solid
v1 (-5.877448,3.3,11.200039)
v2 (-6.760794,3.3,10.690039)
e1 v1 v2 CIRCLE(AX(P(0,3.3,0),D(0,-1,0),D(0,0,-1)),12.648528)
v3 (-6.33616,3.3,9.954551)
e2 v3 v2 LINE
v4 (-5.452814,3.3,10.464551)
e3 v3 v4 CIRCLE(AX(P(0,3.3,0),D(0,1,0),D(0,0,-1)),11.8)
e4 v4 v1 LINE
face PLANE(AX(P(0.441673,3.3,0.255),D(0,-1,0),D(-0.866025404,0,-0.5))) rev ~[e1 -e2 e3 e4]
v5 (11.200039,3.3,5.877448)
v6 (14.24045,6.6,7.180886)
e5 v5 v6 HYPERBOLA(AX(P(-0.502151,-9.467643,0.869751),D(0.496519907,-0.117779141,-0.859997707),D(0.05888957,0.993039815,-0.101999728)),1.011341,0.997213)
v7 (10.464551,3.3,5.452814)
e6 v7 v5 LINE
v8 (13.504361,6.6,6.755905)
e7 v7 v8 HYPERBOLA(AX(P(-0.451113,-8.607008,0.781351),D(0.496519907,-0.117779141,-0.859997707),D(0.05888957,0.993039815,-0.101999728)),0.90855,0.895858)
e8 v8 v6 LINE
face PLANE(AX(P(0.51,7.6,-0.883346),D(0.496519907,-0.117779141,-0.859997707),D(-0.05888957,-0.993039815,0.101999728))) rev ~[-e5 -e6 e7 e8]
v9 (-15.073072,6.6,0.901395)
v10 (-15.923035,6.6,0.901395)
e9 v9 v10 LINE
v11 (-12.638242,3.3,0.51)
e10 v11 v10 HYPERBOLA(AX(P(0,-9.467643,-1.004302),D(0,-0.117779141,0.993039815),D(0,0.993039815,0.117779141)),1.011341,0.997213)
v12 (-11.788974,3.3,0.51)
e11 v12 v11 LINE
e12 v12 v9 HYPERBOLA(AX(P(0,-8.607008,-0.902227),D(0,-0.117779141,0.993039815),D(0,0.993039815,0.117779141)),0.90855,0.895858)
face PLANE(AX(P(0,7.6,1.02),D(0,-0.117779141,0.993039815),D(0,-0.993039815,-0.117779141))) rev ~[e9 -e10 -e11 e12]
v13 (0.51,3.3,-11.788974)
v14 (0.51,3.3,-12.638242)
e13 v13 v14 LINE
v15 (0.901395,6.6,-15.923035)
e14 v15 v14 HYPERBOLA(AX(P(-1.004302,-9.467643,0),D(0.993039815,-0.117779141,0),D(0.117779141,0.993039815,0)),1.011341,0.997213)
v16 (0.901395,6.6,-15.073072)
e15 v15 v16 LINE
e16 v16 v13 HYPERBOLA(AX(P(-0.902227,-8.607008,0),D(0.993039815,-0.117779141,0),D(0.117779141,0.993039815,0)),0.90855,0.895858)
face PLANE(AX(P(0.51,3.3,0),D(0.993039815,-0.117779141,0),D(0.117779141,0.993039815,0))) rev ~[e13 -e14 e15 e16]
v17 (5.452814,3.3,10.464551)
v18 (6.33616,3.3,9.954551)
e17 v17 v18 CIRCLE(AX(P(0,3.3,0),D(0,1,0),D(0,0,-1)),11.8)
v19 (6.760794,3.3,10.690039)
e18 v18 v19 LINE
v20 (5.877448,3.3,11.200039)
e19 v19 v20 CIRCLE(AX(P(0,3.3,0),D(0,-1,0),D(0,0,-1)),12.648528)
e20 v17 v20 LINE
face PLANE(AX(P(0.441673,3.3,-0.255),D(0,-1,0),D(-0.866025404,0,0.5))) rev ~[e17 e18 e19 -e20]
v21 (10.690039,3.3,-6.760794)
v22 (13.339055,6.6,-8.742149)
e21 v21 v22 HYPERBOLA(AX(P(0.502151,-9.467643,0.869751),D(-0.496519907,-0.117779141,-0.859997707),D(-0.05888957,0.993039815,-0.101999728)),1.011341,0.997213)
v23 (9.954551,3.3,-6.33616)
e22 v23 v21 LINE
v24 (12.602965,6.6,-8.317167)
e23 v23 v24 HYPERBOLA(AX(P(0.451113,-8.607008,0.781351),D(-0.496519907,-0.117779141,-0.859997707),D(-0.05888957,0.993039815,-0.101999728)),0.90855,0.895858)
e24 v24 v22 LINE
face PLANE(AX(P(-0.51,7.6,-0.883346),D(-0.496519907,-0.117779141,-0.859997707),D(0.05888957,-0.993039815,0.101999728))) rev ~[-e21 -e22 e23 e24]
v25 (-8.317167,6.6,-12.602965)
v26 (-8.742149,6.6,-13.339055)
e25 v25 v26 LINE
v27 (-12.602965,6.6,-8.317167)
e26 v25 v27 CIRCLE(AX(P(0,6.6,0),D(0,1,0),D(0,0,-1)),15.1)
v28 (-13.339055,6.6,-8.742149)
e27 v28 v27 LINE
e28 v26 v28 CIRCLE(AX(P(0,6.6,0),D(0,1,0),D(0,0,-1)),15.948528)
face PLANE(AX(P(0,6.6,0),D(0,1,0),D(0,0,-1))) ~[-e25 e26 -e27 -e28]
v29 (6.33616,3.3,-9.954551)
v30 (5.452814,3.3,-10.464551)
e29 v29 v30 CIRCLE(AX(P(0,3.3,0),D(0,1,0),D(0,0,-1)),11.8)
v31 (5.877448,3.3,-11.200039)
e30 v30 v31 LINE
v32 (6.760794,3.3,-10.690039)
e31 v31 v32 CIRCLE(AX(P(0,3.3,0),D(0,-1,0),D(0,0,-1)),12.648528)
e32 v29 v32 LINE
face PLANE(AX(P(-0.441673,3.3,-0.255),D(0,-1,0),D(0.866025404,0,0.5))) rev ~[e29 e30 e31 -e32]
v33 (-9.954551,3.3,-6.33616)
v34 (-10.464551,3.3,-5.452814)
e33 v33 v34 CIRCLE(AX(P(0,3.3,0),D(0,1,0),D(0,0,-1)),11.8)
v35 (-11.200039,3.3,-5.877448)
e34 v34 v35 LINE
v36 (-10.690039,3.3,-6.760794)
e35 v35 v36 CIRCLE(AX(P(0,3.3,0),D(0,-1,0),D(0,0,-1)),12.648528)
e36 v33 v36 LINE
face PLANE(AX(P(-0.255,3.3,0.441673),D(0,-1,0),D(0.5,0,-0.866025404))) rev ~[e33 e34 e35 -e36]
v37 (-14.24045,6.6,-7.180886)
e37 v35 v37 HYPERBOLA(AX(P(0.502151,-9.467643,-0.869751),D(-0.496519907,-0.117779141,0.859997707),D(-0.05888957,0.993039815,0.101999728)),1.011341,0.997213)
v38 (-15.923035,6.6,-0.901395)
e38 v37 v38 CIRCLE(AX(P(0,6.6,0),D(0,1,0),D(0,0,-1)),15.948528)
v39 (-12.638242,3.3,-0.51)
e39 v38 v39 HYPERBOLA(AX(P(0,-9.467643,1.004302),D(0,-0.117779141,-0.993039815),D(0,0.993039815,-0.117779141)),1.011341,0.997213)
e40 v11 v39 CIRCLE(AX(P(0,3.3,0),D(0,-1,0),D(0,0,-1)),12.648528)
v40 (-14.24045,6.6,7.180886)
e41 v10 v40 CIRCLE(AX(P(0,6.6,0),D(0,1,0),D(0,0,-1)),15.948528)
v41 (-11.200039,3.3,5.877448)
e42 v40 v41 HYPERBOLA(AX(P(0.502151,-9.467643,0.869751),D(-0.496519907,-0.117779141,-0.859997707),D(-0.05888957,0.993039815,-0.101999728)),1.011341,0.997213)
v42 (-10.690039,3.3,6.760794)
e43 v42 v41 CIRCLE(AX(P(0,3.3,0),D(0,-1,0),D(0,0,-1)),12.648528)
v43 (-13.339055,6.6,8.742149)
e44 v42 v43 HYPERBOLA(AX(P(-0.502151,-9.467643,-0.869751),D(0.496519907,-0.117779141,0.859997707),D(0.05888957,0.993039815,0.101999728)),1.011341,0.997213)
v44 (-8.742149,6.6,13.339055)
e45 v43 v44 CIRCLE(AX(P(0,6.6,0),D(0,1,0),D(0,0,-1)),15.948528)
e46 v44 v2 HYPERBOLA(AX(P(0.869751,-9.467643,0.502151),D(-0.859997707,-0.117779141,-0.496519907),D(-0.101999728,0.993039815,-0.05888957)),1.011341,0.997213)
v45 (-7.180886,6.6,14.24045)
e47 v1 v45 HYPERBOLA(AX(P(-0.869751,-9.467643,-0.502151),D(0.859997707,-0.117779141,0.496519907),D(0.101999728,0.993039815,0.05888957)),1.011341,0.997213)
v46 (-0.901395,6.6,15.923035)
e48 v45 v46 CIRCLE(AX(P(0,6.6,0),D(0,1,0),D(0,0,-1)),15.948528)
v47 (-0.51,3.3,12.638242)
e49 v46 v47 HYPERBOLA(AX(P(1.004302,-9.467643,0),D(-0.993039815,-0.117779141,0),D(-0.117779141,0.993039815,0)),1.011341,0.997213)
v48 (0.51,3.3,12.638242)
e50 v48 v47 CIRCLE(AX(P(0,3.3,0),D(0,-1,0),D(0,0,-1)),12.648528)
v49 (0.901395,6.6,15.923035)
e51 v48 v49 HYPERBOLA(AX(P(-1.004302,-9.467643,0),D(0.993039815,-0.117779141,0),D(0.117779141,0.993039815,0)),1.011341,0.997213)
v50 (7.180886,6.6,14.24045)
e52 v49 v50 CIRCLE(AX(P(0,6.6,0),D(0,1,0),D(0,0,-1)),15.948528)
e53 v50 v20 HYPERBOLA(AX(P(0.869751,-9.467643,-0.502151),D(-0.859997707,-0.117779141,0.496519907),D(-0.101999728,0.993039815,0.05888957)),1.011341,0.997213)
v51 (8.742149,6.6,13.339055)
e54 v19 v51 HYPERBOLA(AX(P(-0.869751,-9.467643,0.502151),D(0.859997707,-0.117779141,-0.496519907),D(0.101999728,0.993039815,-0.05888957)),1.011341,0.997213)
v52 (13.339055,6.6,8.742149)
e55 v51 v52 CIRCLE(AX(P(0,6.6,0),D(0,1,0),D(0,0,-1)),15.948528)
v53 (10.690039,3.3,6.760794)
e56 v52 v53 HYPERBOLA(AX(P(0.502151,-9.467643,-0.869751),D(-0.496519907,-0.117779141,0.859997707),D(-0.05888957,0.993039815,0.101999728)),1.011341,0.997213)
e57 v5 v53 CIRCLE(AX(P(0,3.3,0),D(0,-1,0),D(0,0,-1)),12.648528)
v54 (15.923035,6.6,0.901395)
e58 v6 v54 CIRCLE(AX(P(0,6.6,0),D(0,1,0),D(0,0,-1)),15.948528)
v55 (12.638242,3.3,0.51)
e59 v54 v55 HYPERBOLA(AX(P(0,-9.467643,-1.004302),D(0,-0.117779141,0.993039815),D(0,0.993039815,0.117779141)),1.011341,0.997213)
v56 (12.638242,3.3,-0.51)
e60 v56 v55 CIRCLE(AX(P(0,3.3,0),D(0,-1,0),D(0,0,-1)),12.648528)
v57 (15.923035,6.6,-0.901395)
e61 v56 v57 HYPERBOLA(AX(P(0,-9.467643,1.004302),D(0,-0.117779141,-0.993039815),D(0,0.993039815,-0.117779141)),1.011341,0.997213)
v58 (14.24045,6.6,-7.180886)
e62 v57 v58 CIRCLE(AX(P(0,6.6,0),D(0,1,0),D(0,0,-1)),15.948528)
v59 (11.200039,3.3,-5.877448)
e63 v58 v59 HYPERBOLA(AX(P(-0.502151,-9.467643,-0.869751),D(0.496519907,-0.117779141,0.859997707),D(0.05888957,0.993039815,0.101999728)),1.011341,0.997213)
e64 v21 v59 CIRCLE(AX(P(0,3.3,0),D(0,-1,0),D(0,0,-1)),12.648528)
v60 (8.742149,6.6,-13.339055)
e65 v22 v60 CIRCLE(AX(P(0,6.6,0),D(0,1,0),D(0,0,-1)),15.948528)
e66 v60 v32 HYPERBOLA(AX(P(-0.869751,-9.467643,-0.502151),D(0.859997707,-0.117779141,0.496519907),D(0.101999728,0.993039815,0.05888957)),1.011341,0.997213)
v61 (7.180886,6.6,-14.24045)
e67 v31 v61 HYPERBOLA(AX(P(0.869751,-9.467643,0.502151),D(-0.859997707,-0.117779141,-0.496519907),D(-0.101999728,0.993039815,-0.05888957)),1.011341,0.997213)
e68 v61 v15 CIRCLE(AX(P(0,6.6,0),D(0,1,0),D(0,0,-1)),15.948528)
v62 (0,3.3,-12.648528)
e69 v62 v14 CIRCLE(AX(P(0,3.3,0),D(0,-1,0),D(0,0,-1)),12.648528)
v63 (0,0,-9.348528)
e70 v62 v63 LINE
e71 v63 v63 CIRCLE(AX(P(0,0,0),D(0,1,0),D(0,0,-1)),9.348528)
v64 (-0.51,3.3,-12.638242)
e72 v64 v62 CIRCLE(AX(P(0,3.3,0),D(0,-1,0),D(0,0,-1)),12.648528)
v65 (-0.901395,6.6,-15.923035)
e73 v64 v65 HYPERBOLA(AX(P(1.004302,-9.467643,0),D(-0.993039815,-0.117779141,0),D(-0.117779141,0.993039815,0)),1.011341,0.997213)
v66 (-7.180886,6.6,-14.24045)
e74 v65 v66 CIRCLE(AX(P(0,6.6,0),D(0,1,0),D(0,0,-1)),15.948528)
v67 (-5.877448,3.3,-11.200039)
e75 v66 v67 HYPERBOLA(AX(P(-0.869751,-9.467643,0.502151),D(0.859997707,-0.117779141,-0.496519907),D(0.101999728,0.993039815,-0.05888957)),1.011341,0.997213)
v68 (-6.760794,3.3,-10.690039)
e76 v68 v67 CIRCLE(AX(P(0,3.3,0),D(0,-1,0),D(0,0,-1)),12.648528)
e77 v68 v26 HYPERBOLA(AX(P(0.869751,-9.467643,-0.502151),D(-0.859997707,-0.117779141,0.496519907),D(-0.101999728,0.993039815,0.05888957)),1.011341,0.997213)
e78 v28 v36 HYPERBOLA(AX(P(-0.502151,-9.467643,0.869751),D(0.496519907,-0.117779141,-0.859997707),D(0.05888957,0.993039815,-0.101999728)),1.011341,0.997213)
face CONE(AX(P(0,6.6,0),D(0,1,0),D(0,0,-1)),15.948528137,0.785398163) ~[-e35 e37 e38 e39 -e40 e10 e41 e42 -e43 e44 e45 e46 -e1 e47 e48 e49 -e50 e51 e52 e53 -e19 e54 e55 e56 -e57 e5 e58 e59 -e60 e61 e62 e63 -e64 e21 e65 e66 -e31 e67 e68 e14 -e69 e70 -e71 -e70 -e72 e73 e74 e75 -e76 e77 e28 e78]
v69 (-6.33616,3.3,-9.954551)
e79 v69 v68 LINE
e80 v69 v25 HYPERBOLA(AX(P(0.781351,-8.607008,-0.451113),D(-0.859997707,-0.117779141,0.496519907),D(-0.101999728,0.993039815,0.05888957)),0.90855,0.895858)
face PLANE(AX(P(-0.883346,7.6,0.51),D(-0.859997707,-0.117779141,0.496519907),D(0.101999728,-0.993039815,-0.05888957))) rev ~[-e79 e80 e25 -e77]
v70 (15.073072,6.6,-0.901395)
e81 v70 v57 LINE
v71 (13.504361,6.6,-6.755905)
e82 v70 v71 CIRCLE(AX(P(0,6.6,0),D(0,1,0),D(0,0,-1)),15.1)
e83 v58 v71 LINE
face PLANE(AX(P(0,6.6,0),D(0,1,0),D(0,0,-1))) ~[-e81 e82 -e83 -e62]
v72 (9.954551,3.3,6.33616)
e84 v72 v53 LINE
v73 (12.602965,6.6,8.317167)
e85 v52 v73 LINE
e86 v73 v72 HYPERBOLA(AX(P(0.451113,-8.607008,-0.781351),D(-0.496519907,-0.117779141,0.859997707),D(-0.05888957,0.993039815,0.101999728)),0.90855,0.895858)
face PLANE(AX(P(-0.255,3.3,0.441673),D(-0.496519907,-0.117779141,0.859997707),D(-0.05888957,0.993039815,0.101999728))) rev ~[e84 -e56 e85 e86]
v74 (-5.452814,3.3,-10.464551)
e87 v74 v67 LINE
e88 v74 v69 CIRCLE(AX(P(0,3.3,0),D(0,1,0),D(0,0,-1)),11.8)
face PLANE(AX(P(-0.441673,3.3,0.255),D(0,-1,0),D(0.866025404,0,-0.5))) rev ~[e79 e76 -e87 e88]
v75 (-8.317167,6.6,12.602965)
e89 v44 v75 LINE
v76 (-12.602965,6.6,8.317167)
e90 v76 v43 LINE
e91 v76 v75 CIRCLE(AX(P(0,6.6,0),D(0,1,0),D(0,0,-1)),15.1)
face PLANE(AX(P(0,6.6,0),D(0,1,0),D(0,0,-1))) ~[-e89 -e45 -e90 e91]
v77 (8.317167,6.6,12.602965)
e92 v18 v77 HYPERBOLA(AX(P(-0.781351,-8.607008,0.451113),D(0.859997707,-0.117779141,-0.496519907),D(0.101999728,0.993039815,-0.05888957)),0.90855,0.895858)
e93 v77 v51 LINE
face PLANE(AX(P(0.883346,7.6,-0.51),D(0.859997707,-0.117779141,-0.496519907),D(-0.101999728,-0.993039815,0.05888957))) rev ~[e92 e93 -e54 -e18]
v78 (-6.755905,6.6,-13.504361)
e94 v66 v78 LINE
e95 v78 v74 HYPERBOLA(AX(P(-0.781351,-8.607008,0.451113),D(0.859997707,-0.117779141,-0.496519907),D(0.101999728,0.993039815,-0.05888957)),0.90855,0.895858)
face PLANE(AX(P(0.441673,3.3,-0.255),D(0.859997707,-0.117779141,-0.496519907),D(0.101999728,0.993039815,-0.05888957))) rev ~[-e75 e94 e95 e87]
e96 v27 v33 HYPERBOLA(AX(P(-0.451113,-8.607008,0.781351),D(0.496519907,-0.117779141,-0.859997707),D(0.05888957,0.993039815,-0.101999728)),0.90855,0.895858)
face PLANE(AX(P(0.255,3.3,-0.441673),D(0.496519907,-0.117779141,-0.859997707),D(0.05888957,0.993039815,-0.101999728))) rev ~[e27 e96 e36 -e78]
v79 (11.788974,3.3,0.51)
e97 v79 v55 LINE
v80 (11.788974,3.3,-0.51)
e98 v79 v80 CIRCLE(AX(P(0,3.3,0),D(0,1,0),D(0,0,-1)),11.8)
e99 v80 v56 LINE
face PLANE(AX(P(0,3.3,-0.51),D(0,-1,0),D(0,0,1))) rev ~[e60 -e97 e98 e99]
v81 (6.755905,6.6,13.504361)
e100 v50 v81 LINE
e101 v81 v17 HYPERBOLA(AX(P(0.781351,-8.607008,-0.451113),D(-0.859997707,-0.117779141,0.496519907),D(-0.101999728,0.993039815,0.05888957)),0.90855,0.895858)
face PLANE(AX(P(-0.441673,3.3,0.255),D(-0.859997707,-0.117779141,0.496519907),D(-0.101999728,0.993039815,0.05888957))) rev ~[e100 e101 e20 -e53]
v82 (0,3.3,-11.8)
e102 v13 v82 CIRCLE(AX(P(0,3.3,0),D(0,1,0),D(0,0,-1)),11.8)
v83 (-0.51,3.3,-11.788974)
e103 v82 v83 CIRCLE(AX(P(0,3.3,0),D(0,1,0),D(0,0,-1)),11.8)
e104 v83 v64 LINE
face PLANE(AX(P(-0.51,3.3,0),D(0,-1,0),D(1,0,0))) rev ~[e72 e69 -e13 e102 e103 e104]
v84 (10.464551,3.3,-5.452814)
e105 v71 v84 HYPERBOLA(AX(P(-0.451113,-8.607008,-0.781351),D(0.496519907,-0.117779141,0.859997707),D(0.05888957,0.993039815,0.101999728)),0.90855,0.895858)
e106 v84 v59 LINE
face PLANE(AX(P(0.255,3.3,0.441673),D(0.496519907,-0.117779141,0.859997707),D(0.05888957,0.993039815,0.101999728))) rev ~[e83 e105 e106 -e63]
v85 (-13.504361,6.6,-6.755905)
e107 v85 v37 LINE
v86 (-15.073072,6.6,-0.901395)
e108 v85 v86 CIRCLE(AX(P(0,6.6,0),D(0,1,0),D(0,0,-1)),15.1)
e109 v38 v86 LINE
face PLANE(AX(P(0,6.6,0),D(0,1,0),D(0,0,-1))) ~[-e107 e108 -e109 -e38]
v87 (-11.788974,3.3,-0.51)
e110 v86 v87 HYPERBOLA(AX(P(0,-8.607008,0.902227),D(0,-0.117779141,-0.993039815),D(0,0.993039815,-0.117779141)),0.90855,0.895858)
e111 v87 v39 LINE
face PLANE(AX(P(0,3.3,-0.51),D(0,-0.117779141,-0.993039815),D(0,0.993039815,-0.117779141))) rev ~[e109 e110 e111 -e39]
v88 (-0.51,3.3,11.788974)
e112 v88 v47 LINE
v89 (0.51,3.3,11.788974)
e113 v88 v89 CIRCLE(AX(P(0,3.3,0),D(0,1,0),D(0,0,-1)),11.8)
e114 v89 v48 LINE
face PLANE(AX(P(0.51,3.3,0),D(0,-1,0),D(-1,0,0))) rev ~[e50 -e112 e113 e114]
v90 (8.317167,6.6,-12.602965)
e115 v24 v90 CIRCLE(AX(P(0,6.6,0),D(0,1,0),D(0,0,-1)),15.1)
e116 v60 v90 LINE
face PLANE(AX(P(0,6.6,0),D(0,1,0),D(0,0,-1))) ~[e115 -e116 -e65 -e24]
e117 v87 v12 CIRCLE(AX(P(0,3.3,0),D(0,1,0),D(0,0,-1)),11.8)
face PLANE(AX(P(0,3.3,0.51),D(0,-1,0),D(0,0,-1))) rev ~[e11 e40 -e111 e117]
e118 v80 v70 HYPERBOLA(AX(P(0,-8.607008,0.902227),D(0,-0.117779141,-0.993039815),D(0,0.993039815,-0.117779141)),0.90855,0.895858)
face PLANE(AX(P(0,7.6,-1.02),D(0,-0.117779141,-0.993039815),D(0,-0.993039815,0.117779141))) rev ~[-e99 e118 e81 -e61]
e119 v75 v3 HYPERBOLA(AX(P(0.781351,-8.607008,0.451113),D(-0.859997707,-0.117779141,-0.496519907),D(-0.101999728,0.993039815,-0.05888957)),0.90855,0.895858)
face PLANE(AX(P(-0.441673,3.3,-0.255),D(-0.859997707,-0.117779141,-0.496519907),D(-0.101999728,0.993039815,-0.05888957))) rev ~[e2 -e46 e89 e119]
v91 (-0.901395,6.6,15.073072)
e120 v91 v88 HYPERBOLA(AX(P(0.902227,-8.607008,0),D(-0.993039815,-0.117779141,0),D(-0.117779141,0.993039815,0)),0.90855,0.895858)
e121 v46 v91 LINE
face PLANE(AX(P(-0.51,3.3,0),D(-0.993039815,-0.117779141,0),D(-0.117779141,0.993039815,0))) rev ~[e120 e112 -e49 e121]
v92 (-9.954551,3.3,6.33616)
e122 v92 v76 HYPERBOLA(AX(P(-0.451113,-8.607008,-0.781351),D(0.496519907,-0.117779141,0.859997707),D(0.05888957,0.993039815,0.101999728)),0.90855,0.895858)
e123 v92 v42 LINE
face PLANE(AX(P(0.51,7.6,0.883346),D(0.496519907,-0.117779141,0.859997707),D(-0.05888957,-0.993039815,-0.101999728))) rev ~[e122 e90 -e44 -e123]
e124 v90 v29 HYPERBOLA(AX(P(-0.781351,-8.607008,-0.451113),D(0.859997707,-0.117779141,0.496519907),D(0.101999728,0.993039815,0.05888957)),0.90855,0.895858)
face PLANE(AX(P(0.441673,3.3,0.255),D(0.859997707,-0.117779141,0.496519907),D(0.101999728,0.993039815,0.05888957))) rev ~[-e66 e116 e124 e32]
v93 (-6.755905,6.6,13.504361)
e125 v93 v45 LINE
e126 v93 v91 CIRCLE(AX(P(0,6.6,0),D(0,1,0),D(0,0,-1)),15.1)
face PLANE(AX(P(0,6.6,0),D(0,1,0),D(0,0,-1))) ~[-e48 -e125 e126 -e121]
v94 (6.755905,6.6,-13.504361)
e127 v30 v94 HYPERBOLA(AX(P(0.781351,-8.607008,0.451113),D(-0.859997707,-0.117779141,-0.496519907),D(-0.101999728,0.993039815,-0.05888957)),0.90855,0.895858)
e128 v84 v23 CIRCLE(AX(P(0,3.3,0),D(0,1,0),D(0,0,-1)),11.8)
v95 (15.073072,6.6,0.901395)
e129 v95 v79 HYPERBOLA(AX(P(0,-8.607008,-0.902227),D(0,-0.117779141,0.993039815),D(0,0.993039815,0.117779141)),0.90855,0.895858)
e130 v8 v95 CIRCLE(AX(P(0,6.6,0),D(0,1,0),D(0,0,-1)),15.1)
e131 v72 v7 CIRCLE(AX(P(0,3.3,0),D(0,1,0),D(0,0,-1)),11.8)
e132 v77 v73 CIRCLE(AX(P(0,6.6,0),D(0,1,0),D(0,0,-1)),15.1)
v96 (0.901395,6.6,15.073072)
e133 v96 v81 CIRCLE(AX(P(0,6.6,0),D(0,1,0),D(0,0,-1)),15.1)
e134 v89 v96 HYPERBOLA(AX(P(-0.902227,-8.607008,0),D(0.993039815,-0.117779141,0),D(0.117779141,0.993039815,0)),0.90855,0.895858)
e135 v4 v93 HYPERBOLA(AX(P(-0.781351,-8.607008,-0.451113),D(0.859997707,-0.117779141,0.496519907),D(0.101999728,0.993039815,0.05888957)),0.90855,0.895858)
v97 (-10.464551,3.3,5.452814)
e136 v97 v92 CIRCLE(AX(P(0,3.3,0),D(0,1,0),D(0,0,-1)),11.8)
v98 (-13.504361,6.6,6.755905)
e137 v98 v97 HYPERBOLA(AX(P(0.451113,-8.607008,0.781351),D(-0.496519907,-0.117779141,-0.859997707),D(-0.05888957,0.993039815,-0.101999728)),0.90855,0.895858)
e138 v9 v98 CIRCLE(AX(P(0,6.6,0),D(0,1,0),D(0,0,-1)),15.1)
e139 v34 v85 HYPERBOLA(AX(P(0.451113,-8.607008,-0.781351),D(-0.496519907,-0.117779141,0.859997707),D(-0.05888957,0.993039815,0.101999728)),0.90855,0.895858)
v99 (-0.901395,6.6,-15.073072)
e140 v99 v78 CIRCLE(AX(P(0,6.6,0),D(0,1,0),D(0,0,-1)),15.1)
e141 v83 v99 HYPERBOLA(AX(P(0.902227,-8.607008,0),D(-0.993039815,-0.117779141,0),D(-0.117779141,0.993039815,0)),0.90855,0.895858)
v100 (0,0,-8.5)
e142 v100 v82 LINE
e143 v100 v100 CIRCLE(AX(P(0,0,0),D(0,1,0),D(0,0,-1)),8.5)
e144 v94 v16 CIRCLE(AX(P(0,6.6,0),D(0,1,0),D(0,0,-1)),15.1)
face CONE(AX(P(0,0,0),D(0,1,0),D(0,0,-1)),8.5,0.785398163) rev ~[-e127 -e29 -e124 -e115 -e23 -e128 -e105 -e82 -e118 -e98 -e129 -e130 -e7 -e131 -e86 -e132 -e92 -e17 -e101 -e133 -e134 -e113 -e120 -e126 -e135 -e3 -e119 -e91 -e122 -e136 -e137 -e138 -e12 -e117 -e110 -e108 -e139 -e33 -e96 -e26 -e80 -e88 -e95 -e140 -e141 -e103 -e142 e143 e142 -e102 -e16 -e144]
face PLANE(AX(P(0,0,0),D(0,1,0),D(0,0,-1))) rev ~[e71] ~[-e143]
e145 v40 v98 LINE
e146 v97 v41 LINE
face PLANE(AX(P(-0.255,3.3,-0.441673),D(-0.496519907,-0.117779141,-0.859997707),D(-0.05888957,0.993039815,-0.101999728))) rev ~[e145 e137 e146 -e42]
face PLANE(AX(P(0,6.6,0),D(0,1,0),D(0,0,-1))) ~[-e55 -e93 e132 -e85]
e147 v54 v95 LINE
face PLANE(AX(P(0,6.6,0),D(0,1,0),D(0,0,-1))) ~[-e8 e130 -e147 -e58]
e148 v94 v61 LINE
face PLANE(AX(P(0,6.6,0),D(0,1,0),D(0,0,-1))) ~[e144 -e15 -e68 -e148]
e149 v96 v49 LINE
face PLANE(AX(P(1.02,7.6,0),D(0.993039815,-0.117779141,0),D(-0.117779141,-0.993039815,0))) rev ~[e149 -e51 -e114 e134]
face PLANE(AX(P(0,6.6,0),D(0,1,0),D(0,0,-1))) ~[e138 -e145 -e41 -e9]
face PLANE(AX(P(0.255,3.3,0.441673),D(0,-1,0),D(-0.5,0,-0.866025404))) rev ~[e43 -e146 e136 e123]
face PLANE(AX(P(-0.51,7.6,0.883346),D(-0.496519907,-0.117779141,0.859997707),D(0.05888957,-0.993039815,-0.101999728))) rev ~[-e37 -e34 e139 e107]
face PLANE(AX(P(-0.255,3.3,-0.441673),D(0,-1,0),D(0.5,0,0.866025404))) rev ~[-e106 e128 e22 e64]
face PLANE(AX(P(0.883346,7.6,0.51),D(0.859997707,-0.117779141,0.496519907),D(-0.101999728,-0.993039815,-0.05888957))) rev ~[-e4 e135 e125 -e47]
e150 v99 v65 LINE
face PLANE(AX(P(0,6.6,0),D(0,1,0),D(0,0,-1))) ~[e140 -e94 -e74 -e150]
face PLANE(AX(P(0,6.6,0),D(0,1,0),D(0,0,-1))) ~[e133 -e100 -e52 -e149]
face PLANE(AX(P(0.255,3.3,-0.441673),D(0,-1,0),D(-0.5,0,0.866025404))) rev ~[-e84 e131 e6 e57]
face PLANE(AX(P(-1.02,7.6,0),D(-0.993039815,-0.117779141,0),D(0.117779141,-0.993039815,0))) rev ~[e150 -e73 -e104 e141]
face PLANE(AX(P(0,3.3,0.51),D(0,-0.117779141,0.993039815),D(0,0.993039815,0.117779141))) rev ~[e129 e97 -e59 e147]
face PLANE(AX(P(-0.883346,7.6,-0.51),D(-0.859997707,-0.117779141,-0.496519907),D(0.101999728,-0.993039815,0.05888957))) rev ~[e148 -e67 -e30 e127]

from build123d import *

# Parameters (mm, degrees)
CUT_EXTRUDE1_DEPTH = 24.500448921
CIRPATTERN1_COUNT  = 12


with BuildPart() as part:
    # Sketch1 → Base-Revolve (revolve)
    with BuildSketch(Plane(origin=(0, 0, 0), x_dir=(0, 0, -1), z_dir=(1, 0, 0))):
        Polygon((8.5, 0), (15.1, 6.6), (15.948528137, 6.6), (9.348528137, 0), align=None)
    revolve(axis=Axis((0, -30, 0), (0, 1, 0)))

    # Sketch2 → Cut-Extrude1 (cut, through all)
    with BuildSketch(Plane.XY):
        Polygon((-0.51, 3.3), (0.51, 3.3), (1.02, 7.6), (-1.02, 7.6), align=None)
    cut_extrude1 = extrude(amount=-CUT_EXTRUDE1_DEPTH, mode=Mode.SUBTRACT)

    # CirPattern1: Cut-Extrude1 ×12 about axis
    cirpattern1_axis = Axis((0, 0, 0), (0, 1, 0))
    for i in range(1, CIRPATTERN1_COUNT):
        add(cut_extrude1.rotate(cirpattern1_axis, i * 360 / CIRPATTERN1_COUNT), mode=Mode.SUBTRACT)


solid = part.part
